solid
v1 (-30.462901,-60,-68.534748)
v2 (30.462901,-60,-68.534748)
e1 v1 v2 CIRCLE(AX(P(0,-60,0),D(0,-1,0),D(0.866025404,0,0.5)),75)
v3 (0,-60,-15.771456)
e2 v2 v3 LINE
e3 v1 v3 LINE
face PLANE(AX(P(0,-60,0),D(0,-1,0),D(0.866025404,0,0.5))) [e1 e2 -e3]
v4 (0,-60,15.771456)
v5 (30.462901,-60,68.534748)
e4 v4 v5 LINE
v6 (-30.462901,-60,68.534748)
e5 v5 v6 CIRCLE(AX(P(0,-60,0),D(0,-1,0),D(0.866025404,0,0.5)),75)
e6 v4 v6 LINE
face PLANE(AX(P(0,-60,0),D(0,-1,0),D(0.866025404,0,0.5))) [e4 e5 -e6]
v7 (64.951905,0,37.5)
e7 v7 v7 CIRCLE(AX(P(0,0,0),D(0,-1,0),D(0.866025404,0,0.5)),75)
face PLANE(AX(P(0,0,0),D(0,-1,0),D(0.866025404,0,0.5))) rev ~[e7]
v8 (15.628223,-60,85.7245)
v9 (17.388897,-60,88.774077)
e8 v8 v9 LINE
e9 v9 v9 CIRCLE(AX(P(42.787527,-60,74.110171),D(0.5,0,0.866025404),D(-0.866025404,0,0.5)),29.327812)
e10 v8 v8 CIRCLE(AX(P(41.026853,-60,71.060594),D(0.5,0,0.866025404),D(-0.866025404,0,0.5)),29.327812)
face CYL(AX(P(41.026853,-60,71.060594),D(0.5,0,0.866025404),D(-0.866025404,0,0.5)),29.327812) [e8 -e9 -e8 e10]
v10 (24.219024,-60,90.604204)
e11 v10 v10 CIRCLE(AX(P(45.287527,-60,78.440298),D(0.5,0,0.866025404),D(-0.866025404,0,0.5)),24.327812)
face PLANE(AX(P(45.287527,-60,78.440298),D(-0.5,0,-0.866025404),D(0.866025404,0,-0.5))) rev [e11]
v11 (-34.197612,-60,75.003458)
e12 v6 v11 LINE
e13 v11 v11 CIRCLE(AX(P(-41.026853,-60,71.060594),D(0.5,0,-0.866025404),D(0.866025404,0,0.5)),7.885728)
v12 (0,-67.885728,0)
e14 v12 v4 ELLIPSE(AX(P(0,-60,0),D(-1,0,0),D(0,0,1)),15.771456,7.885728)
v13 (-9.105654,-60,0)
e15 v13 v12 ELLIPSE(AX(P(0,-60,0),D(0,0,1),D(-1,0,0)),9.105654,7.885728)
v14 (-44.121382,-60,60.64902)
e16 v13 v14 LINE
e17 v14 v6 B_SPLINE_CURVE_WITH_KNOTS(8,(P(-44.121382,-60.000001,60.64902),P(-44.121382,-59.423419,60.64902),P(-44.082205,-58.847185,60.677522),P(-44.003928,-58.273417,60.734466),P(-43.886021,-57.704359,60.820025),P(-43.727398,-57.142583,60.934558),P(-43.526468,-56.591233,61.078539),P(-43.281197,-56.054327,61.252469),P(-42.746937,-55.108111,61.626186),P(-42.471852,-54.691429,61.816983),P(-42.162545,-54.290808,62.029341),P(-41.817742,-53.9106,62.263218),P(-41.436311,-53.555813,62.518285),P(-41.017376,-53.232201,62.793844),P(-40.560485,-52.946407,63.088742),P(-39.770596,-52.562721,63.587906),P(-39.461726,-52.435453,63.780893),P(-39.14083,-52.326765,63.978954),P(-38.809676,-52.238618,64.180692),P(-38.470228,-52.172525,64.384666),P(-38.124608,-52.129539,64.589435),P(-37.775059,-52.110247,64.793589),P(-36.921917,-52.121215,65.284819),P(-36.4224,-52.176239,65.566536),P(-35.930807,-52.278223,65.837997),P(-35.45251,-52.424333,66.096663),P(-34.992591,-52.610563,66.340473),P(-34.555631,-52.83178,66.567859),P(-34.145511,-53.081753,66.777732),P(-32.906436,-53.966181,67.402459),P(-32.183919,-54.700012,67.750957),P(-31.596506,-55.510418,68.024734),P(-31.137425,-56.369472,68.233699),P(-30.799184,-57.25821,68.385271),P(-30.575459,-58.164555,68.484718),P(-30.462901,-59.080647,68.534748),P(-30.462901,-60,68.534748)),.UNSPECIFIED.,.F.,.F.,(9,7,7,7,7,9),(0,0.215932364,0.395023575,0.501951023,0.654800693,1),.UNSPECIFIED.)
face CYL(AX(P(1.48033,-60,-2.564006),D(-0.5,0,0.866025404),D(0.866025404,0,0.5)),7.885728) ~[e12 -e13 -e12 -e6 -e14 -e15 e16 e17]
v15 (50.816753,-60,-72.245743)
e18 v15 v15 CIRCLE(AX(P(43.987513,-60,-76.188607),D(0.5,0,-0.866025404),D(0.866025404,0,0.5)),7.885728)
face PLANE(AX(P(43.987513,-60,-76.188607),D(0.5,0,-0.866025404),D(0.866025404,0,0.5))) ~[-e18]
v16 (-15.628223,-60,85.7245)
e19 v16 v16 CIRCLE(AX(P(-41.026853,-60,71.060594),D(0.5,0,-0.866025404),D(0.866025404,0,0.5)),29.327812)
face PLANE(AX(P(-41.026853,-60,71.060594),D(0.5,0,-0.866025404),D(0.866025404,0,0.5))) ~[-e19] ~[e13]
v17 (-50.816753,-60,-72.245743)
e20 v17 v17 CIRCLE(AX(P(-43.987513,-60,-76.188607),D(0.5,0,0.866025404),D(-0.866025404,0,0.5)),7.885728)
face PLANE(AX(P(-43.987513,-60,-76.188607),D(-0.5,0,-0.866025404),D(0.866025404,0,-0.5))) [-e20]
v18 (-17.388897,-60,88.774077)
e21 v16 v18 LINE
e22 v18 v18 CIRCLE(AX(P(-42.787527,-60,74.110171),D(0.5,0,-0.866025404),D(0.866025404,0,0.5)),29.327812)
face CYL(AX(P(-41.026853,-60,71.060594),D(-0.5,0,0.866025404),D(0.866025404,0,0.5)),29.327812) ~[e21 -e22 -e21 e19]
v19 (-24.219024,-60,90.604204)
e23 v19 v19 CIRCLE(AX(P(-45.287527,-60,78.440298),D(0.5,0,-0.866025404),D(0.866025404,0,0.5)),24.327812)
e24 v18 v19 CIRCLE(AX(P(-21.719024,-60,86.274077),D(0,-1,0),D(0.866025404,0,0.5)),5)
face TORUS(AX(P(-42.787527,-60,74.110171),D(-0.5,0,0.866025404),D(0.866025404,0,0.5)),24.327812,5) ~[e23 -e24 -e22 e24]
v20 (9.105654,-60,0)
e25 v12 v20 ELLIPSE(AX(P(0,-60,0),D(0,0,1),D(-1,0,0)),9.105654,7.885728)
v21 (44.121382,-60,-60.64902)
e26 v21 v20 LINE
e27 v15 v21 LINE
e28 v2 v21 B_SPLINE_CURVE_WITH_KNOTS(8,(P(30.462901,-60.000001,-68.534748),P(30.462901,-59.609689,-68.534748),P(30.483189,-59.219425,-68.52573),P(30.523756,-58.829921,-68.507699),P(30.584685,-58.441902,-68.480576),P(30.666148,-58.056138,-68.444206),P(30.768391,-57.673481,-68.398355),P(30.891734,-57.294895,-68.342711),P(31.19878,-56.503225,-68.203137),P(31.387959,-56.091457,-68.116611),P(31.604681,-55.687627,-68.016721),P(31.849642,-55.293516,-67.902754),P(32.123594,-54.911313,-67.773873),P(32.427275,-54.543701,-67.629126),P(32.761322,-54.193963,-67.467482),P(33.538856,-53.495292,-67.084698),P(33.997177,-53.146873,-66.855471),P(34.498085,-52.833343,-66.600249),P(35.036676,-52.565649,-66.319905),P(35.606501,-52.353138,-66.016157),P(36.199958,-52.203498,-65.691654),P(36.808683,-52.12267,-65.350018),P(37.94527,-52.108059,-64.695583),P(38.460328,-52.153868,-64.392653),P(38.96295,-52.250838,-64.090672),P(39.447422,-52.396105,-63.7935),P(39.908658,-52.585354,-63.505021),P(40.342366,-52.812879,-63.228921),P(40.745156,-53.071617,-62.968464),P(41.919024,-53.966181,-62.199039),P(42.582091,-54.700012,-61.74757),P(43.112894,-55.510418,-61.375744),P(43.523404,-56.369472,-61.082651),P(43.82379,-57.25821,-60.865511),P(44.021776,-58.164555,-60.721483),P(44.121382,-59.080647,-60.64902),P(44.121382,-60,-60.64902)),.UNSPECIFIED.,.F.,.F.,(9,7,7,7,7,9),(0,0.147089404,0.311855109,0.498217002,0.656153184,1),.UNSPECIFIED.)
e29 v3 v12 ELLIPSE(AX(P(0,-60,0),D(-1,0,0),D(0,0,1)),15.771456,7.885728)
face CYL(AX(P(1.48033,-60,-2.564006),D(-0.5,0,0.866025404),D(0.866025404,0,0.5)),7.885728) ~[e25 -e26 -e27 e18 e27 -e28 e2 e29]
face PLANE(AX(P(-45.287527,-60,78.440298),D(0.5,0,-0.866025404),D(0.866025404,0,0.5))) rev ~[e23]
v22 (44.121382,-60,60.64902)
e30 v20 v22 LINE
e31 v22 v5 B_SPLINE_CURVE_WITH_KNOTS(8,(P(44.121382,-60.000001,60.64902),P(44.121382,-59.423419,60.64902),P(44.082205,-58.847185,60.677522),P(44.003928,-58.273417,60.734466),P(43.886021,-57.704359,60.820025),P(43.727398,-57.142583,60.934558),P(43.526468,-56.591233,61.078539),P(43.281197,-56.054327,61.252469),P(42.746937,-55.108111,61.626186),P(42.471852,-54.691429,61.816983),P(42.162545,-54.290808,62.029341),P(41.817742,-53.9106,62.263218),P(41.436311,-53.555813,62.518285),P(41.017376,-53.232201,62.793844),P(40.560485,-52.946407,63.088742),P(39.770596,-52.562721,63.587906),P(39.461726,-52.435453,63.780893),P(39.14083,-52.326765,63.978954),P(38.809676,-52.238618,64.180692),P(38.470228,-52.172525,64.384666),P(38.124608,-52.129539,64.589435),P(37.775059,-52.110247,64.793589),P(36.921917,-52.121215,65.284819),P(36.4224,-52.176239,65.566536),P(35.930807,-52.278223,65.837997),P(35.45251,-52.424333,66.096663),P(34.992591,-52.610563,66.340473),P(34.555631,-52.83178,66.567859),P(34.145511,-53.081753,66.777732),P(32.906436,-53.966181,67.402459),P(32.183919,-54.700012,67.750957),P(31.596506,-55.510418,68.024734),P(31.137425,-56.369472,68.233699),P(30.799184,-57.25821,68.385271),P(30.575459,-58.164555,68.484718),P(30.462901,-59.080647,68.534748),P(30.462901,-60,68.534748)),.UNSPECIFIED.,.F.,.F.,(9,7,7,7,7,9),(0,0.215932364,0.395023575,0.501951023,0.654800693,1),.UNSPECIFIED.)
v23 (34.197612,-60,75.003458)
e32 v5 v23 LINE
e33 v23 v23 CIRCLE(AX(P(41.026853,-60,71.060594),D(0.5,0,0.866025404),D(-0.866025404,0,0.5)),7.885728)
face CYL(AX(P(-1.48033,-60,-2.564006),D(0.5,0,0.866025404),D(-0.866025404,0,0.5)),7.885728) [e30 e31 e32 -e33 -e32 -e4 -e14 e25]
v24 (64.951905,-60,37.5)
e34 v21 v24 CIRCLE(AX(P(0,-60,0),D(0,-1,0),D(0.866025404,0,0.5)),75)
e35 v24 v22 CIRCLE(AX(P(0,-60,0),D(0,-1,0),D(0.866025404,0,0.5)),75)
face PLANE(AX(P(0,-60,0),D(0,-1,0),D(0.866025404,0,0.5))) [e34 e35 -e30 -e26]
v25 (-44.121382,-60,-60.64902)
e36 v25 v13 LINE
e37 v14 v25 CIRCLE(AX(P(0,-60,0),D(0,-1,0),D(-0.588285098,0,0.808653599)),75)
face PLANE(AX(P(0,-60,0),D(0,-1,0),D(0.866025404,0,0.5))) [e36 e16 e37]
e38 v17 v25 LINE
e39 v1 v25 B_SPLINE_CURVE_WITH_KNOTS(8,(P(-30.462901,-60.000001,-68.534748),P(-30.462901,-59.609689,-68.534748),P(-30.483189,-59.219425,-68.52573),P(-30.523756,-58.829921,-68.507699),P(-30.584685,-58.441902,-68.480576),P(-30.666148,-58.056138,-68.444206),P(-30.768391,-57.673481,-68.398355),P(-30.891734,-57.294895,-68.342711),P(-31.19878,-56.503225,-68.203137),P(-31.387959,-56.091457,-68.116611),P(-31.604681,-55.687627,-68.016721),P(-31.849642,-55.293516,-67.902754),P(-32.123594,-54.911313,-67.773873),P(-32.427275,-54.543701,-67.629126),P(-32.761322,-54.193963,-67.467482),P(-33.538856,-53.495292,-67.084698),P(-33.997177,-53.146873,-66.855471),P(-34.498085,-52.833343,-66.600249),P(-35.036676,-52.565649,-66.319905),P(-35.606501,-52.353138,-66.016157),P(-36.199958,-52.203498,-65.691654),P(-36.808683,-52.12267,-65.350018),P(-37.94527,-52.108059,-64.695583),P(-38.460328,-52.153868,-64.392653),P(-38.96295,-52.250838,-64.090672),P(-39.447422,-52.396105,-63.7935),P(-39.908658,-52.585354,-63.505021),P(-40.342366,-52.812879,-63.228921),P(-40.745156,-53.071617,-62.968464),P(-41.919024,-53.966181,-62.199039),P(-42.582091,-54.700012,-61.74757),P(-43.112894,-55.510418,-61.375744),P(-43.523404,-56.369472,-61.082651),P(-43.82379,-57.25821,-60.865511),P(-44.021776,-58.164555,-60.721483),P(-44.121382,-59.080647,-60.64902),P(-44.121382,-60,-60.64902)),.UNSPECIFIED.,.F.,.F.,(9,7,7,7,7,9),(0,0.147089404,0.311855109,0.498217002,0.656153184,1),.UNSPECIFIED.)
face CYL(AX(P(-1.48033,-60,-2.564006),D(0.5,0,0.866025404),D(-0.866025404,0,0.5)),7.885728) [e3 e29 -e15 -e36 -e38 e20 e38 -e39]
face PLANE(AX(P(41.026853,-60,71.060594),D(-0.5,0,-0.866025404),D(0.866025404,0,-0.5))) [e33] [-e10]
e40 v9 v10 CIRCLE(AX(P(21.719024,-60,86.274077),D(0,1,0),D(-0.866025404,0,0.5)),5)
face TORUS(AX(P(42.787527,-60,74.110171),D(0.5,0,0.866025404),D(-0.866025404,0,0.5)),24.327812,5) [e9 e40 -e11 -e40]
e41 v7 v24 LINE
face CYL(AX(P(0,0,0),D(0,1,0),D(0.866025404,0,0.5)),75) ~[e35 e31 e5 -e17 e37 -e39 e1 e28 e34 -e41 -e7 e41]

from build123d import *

# Parameters (mm, degrees)
F0_R     = 75
F1_DEPTH = 60
F3_W     = 7.8857280314
F3_H     = 170.0287312269
F5_ANGLE = 30
F7_R     = 5
F8_R     = 5


with BuildPart() as f1:
    # F0 (on Front) → F1 (new body)
    with BuildSketch(Plane.XZ):
        Circle(F0_R)
    extrude(amount=F1_DEPTH)

    # F3 (on face) → F4 (revolve)
    with BuildSketch(Plane.XZ.offset(60)):
        Polygon((0, 90.5750542879), (0, 82.0537060499), (7.8857280314, 82.0537060499), (29.3278116733, 82.0537060499), (29.3278116733, 90.5750542879), align=None)
        with Locations((3.9428640157, -2.9606595635)):
            Rectangle(F3_W, F3_H)
    revolve(axis=Axis((0, -60, -2.9606595635), (0, 0, -1)))


with BuildPart() as f1_1:
    # F5: moved
    add(f1.part.rotate(Axis((0, 0, 0), (0, -1, 0)), F5_ANGLE))

    # F6: F1 across plane


with BuildPart() as f1_2:
    add(f1_1.part)
    add(f1_1.part.mirror(Plane.YZ))

    # F7
    f7_edges = [f1_2.edges().sort_by_distance(p)[0] for p in [
        (-70.686157, -60, 63.776392),
    ]]
    fillet(f7_edges, radius=F7_R)

    # F8
    f8_edges = [f1_2.edges().sort_by_distance(p)[0] for p in [
        (70.686157, -60, 63.776392),
    ]]
    fillet(f8_edges, radius=F8_R)


solid = f1_2.part
